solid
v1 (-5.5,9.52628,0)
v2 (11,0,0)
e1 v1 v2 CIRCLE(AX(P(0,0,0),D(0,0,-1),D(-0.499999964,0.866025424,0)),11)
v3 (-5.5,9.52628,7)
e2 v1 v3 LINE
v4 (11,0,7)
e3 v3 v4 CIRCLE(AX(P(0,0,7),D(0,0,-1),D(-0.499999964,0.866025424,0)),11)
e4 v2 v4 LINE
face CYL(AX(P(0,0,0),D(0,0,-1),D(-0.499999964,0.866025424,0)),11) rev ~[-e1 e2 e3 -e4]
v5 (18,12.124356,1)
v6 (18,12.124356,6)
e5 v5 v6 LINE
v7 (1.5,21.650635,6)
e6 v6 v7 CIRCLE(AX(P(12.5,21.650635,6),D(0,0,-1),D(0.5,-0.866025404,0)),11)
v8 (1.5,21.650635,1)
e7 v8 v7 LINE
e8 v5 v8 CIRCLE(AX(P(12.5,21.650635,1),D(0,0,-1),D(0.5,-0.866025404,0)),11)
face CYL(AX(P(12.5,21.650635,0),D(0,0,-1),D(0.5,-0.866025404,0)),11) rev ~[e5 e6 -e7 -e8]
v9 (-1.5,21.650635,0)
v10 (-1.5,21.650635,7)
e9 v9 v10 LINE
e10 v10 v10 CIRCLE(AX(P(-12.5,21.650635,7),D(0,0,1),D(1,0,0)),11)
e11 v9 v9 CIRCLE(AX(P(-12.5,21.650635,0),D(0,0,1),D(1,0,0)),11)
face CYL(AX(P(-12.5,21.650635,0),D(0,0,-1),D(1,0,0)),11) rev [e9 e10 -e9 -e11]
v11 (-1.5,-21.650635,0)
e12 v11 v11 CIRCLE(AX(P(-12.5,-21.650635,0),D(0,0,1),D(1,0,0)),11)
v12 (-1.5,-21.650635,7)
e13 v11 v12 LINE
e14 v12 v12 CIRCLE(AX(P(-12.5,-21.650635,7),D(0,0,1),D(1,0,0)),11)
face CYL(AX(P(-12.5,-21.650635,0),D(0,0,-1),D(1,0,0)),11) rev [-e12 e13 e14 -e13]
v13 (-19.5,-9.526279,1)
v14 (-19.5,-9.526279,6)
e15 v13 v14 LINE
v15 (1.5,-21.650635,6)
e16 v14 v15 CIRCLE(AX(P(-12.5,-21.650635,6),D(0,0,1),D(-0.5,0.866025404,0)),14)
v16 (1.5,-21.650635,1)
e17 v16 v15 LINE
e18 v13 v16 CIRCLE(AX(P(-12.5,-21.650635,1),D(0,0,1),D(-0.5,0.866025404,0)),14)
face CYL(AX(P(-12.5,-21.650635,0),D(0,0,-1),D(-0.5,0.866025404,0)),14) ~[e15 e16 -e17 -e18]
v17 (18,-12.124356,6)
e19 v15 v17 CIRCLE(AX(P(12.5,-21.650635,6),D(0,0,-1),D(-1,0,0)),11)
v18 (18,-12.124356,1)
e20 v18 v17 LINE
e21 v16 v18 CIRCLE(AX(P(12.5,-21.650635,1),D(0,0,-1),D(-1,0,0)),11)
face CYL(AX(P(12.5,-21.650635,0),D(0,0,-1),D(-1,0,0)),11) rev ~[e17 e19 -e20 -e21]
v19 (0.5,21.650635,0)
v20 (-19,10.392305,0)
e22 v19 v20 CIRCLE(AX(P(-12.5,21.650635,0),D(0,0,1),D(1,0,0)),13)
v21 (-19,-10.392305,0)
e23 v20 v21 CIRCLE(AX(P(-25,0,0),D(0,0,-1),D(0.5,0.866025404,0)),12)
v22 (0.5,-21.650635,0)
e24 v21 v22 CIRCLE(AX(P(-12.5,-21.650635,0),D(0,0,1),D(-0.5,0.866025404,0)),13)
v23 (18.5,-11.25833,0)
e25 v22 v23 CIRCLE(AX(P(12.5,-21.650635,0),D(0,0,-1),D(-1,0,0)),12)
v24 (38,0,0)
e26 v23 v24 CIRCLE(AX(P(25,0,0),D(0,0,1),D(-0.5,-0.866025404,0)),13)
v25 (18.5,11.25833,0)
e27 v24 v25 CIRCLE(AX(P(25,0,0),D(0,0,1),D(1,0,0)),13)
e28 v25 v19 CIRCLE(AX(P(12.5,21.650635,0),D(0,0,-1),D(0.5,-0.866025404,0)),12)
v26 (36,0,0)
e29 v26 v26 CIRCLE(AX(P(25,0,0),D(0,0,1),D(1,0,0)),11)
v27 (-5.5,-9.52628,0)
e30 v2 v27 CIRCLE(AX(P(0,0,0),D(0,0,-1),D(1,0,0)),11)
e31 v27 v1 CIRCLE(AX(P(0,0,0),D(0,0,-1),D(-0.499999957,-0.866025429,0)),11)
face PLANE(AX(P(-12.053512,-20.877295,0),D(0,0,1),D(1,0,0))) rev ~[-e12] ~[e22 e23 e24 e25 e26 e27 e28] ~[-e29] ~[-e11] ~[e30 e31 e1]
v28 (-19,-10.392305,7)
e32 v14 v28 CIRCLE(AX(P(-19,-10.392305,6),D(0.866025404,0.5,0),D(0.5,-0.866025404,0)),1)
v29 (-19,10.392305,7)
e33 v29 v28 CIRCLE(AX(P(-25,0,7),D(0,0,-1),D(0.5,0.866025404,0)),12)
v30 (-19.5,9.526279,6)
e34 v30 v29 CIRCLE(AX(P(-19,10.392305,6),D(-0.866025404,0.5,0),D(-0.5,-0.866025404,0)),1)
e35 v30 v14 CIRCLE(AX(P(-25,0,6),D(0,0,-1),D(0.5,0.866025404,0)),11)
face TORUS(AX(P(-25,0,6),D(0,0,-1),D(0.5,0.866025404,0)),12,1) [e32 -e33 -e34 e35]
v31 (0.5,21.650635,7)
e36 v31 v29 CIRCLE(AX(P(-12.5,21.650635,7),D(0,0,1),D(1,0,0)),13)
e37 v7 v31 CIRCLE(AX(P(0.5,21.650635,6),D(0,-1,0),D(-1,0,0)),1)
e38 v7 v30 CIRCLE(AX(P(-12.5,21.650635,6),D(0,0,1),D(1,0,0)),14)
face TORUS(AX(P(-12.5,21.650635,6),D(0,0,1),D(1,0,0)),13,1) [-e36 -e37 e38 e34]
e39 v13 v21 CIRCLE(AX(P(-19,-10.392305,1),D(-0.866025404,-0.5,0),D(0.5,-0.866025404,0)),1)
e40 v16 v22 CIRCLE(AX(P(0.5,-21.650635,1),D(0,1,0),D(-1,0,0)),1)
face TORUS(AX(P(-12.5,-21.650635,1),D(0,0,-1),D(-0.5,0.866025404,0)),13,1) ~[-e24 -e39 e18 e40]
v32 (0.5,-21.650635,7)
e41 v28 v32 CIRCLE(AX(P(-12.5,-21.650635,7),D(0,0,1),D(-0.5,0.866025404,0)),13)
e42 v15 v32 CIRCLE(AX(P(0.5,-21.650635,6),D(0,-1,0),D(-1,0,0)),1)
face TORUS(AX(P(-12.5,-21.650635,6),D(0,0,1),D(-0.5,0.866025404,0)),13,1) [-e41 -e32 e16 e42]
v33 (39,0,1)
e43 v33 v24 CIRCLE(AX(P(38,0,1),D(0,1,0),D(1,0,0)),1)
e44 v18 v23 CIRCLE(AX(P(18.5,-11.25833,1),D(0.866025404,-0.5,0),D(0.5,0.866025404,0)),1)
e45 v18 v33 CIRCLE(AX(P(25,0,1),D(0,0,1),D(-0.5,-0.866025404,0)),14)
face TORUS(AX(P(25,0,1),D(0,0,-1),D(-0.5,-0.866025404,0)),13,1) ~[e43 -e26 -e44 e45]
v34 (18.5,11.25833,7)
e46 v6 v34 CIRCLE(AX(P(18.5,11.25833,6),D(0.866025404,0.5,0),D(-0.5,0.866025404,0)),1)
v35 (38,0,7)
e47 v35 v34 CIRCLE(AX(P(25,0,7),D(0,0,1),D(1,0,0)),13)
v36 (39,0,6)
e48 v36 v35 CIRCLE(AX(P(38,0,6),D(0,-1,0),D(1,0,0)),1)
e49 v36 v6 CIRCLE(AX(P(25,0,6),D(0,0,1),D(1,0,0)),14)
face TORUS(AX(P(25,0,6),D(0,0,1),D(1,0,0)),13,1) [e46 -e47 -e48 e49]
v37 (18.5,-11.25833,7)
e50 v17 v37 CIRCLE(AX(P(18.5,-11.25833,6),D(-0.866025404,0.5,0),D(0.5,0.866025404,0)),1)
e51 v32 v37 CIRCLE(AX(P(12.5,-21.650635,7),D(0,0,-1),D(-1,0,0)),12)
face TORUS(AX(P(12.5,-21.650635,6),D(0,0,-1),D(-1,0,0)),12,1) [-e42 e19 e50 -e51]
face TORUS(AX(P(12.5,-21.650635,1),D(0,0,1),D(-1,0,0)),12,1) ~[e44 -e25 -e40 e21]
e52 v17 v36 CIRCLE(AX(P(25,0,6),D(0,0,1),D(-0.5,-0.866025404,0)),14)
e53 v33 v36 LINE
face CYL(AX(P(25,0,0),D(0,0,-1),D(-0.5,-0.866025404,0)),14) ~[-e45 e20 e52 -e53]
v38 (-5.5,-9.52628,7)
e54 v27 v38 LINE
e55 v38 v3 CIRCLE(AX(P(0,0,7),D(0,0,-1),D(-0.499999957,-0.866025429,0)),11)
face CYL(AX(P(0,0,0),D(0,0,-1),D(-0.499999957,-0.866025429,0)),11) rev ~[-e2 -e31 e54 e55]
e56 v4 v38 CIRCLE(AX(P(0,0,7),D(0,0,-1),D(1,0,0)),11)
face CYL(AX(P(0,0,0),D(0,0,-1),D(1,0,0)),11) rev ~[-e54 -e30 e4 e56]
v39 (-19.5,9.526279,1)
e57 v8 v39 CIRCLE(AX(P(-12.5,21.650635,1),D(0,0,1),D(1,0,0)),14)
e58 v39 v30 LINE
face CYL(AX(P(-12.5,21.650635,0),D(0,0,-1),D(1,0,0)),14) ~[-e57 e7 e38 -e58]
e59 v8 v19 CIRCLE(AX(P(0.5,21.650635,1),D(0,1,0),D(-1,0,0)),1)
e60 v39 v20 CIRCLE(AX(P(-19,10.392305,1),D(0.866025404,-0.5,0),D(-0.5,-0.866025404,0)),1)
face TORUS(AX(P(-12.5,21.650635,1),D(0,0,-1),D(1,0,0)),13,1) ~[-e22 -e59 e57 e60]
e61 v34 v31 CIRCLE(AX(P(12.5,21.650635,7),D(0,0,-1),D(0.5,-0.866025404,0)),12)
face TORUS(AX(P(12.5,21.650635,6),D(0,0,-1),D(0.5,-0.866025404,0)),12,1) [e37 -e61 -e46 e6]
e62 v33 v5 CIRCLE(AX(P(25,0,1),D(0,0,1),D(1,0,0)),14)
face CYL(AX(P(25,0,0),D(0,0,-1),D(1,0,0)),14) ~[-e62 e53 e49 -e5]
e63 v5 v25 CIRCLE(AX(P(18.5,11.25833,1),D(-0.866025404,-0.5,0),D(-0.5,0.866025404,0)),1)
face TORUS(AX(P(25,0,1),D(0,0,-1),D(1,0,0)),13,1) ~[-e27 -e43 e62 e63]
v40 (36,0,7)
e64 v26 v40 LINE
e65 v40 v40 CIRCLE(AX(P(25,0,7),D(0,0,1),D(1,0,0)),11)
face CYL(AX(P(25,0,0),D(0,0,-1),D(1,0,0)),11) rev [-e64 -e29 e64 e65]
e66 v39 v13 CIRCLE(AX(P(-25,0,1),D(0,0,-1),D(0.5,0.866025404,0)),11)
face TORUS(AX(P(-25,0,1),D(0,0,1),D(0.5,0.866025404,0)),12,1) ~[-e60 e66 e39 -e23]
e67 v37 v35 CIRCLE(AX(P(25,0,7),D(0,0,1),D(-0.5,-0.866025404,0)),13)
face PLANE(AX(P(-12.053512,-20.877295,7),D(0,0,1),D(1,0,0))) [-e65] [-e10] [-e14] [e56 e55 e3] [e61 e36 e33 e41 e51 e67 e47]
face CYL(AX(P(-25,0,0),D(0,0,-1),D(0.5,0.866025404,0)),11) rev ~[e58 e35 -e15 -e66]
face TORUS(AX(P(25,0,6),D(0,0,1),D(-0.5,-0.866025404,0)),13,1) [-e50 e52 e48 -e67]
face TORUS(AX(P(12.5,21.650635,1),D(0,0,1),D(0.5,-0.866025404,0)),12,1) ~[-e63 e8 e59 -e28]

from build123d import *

# Parameters (mm, degrees)
F0_R     = 11
F1_DEPTH = 7
F2_R     = 1


with BuildPart() as f1:
    # F0 (on Top) → F1 (new body)
    with BuildSketch(Plane.XY):
        with BuildLine():
            ThreePointArc((1.5, -21.6506350946), (-0.3756442104, -14.6506353313), (-5.4999995267, -9.5262797149))
            ThreePointArc((-5.4999995267, -9.5262797149), (-12.4999997267, -7.6506350946), (-19.5, -9.5262794416))
            ThreePointArc((-19.5, -9.5262794416), (-19.5, -33.7749907476), (1.5, -21.6506350946))
        make_face()
        with Locations((-12.5, -21.6506350946)):
            Circle(F0_R, mode=Mode.SUBTRACT)
        with BuildLine():
            ThreePointArc((-5.4999995267, -9.5262797149), (-11, -4.69e-08), (-5.4999996078, 9.526279668))
            ThreePointArc((-5.4999996078, 9.526279668), (-12.4999997736, 7.6506350946), (-19.5, 9.5262794416))
            ThreePointArc((-19.5, 9.5262794416), (-14, 0), (-19.5, -9.5262794416))
            ThreePointArc((-19.5, -9.5262794416), (-12.4999997267, -7.6506350946), (-5.4999995267, -9.5262797149))
        make_face()
        with BuildLine():
            ThreePointArc((18, -12.124355653), (12.875644347, -7), (11, 0))
            ThreePointArc((11, 0), (5.5000002367, -9.526279305), (-5.4999995267, -9.5262797149))
            ThreePointArc((-5.4999995267, -9.5262797149), (-0.3756442104, -14.6506353313), (1.5, -21.6506350946))
            ThreePointArc((1.5, -21.6506350946), (7, -12.124355653), (18, -12.124355653))
        make_face()
        with BuildLine():
            ThreePointArc((18, 12.124355653), (12.875644347, 7), (11, 0))
            ThreePointArc((11, 0), (12.875644347, -7), (18, -12.124355653))
            ThreePointArc((18, -12.124355653), (32, -12.124355653), (39, 0))
            ThreePointArc((39, 0), (32, 12.124355653), (18, 12.124355653))
        make_face()
        with Locations((25, 0)):
            Circle(F0_R, mode=Mode.SUBTRACT)
        with BuildLine():
            ThreePointArc((-5.4999996078, 9.526279668), (5.5000001961, 9.5262793284), (11, 0))
            ThreePointArc((11, 0), (12.875644347, 7), (18, 12.124355653))
            ThreePointArc((18, 12.124355653), (7, 12.124355653), (1.5, 21.6506350946))
            ThreePointArc((1.5, 21.6506350946), (-0.3756442338, 14.6506352907), (-5.4999996078, 9.526279668))
        make_face()
        with BuildLine():
            ThreePointArc((-19.5, 9.5262794416), (-12.4999997736, 7.6506350946), (-5.4999996078, 9.526279668))
            ThreePointArc((-5.4999996078, 9.526279668), (-0.3756442338, 14.6506352907), (1.5, 21.6506350946))
            ThreePointArc((1.5, 21.6506350946), (-19.5, 33.7749907476), (-19.5, 9.5262794416))
        make_face()
        with Locations((-12.5, 21.6506350946)):
            Circle(F0_R, mode=Mode.SUBTRACT)
    extrude(amount=F1_DEPTH)

    # F2
    f2_edges = [f1.edges().sort_by_distance(p)[0] for p in [
        (7, -12.124356, 7),
        (-19.5, -33.774991, 7),
        (-14, 0, 7),
        (-19.5, 33.774991, 7),
        (7, 12.124356, 7),
        (39, 0, 7),
        (7, -12.124356, 0),
        (-19.5, -33.774991, 0),
        (39, 0, 0),
        (-14, 0, 0),
        (-19.5, 33.774991, 0),
        (7, 12.124356, 0),
    ]]
    fillet(f2_edges, radius=F2_R)


solid = f1.part
